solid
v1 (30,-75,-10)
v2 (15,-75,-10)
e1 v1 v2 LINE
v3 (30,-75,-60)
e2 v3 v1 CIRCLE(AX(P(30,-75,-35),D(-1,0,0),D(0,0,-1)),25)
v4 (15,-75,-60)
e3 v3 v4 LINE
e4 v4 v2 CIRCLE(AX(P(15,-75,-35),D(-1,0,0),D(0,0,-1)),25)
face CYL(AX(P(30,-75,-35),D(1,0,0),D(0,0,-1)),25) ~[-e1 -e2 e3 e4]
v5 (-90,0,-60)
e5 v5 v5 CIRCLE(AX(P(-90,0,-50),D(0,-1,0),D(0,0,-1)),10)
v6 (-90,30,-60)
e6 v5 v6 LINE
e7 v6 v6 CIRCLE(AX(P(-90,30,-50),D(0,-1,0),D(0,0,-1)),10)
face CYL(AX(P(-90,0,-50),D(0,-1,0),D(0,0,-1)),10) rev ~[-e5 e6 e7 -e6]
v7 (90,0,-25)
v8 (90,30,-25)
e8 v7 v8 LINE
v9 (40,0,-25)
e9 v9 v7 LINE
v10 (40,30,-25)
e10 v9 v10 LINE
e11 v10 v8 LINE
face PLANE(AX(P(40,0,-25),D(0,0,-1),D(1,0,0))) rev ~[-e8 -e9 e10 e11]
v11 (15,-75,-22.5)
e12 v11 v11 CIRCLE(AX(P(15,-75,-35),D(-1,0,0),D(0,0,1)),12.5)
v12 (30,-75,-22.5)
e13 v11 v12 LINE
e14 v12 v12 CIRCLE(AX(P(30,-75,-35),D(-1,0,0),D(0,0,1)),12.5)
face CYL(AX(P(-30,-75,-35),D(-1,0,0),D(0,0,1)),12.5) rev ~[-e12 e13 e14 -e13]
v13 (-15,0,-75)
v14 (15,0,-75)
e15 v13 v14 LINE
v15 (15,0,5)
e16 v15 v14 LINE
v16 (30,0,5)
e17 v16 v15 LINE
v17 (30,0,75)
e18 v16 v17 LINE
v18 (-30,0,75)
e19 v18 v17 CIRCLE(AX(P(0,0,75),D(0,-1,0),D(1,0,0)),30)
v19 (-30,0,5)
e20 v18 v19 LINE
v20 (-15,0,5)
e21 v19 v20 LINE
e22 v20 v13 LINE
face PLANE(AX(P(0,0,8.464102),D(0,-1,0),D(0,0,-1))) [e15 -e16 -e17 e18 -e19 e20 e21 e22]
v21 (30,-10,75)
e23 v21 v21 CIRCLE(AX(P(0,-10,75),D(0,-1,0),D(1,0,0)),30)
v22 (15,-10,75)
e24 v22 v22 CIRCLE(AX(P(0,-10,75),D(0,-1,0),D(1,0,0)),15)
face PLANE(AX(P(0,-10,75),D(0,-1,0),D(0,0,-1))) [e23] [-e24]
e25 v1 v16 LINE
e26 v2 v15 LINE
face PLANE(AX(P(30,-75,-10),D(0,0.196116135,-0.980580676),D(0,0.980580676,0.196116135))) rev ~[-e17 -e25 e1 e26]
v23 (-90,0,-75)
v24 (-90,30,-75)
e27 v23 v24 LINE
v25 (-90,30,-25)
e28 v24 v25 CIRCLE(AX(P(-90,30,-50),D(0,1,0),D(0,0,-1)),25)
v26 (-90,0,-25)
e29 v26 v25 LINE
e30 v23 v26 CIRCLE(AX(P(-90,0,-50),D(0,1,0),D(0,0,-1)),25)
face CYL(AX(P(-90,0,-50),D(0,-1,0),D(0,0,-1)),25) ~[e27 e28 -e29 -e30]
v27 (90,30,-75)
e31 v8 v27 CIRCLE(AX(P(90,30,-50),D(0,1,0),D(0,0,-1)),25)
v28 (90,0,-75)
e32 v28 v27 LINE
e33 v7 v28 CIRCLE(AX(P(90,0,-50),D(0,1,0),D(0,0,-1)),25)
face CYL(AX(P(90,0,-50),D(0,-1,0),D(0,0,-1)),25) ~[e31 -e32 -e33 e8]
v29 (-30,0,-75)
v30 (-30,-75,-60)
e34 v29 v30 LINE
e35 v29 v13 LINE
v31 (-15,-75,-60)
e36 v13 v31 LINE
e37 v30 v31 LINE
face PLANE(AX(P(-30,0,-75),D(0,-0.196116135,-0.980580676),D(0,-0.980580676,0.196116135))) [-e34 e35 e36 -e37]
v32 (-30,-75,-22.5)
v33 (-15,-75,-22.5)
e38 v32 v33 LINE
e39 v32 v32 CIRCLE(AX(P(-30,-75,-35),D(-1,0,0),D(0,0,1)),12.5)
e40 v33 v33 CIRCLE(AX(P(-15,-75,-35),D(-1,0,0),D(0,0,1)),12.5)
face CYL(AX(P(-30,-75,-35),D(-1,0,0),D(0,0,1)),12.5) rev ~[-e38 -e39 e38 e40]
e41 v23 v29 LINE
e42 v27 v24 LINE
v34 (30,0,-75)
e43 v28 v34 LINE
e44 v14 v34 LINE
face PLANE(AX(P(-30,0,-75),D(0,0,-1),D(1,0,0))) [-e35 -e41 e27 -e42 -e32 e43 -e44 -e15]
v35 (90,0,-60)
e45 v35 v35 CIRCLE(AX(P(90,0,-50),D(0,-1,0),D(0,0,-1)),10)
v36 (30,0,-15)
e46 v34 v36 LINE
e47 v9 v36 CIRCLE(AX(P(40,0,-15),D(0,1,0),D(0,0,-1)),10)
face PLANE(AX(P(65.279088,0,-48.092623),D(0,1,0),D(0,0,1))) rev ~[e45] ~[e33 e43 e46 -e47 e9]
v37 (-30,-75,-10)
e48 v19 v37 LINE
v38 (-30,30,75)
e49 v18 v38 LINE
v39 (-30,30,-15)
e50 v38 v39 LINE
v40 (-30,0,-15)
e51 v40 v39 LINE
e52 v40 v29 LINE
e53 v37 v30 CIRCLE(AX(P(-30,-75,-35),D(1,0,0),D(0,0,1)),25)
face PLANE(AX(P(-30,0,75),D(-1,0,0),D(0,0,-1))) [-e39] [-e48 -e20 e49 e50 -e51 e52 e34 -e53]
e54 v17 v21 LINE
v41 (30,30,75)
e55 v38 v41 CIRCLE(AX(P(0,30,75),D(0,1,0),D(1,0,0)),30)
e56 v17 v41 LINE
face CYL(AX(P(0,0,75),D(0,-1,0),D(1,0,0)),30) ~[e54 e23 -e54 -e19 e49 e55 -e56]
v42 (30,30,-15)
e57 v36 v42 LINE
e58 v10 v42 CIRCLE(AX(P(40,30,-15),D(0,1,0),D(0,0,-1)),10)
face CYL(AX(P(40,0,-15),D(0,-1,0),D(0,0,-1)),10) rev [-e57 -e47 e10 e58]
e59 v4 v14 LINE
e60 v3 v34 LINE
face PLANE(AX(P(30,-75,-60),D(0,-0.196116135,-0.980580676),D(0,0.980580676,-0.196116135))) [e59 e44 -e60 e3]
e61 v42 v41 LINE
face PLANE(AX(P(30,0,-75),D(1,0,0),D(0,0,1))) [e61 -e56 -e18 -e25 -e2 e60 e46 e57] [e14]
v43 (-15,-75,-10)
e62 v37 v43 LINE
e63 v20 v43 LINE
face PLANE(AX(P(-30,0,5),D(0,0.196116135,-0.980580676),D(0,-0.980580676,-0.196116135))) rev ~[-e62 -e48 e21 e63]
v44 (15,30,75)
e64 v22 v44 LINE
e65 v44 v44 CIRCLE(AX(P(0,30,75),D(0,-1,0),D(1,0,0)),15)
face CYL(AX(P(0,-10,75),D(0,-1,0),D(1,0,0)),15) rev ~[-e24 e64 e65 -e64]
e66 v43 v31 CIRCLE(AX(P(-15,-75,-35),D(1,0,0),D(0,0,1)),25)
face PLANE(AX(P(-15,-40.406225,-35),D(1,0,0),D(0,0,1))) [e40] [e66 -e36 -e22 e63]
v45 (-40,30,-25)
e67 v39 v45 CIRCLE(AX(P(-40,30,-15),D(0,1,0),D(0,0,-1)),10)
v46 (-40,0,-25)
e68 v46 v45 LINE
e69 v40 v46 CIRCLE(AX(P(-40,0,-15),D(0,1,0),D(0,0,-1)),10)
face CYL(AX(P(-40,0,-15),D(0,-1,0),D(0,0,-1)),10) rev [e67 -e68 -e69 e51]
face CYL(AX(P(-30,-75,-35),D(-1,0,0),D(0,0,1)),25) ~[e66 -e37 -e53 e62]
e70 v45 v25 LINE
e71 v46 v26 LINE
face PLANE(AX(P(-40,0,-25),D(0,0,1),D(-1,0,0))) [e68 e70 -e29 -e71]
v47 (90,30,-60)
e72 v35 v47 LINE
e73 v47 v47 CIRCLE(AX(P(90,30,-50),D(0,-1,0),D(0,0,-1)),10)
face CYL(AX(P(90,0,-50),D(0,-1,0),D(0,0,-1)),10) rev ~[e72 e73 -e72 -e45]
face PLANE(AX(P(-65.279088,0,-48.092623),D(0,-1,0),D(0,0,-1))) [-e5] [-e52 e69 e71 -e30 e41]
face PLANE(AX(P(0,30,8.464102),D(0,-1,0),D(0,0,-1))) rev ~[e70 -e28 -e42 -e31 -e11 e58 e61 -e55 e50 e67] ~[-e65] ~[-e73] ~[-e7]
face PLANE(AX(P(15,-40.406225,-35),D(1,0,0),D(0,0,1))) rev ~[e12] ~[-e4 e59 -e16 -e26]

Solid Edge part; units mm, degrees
sketch "Sketch1" plane through (0, 0, 0) normal (0, -1, 0) x (1, 0, 0)
  line L0 (30, -75) -> (30, 75)
  line L1 (-30, 75) -> (-30, -75)
  line L2 (-30, -75) -> (30, -75)
  arc A0 (-30, 75) -> (30, 75) centre (0, 75) cw
extrude "Protrusion1" add sketch "Sketch1" against normal blind 30
sketch "Sketch2" plane through (0, 0, 15) normal (0, -1, 0) x (1, 0, 0)
  circle A0 centre (0, 60) radius 30
extrude "ExtrudedProtrusion_2" add sketch "Sketch2" along normal blind 10
sketch "Sketch3" plane through (0, -10, 75) normal (0, -1, 0) x (1, 0, 0)
  circle A0 centre (0, 0) radius 15
extrude "ExtrudedCutout_1" cut sketch "Sketch3" against normal blind 40
sketch "Sketch4" plane through (-30, 15, 0) normal (-1, 0, 0) x (0, 0, 1)
  line L0 (5, -15) -> (-10, -90)
  line L1 (-75, -15) -> (-60, -90)
  line L2 (5, -15) -> (-75, -15)
  arc A0 (-10, -90) -> (-60, -90) centre (-35, -90) cw
extrude "ExtrudedProtrusion_3" add sketch "Sketch4" against normal blind 15
sketch "Sketch5" plane through (-30, 15, 0) normal (-1, 0, 0) x (0, 0, 1)
  circle A0 centre (-35, -90) radius 12.5
extrude "ExtrudedCutout_2" cut sketch "Sketch5" against normal blind 15
sketch "Sketch6" plane through (30, 15, 0) normal (1, 0, 0) x (0, 0, -1)
  line L0 (60, -90) -> (75, -15)
  line L1 (-5, -15) -> (75, -15)
  line L2 (10, -90) -> (-5, -15)
  arc A0 (60, -90) -> (10, -90) centre (35, -90) cw
extrude "ExtrudedProtrusion_4" add sketch "Sketch6" against normal blind 15
sketch "Sketch7" plane through (-30, 15, 0) normal (-1, 0, 0) x (0, 0, 1)
  circle A0 centre (-35, -90) radius 12.5
extrude "Cutout1" cut sketch "Sketch7" against normal up to vertex (60 mm away)
sketch "Sketch8" plane through (0, 0, 0) normal (0, -1, 0) x (0, 0, -1)
  line L0 (25, 40) -> (25, 90)
  line L1 (75, 90) -> (75, 30)
  line L2 (75, 30) -> (25, 30)
  line L3 (25, 30) -> (15, 30)
  arc A0 (25, 90) -> (75, 90) centre (50, 90) cw
  arc A1 (25, 40) -> (15, 30) centre (15, 40) cw
extrude "ExtrudedProtrusion_5" add sketch "Sketch8" against normal blind 30
sketch "Sketch9" plane through (0, 0, 0) normal (0, -1, 0) x (0, 0, -1)
  circle A0 centre (50, 90) radius 10
extrude "ExtrudedCutout_4" cut sketch "Sketch9" against normal blind 30
sketch "Sketch10" plane through (0, 0, 0) normal (0, -1, 0) x (0, 0, -1)
  line L0 (25, -40) -> (25, -90)
  line L1 (75, -90) -> (75, -30)
  line L2 (75, -30) -> (25, -30)
  line L3 (25, -30) -> (15, -30)
  arc A0 (75, -90) -> (25, -90) centre (50, -90) cw
  arc A1 (15, -30) -> (25, -40) centre (15, -40) cw
extrude "ExtrudedProtrusion_6" add sketch "Sketch10" against normal blind 30
sketch "Sketch11" plane through (0, 0, 0) normal (0, -1, 0) x (0, 0, -1)
  circle A0 centre (50, -90) radius 10
extrude "ExtrudedCutout_5" cut sketch "Sketch11" against normal blind 30
